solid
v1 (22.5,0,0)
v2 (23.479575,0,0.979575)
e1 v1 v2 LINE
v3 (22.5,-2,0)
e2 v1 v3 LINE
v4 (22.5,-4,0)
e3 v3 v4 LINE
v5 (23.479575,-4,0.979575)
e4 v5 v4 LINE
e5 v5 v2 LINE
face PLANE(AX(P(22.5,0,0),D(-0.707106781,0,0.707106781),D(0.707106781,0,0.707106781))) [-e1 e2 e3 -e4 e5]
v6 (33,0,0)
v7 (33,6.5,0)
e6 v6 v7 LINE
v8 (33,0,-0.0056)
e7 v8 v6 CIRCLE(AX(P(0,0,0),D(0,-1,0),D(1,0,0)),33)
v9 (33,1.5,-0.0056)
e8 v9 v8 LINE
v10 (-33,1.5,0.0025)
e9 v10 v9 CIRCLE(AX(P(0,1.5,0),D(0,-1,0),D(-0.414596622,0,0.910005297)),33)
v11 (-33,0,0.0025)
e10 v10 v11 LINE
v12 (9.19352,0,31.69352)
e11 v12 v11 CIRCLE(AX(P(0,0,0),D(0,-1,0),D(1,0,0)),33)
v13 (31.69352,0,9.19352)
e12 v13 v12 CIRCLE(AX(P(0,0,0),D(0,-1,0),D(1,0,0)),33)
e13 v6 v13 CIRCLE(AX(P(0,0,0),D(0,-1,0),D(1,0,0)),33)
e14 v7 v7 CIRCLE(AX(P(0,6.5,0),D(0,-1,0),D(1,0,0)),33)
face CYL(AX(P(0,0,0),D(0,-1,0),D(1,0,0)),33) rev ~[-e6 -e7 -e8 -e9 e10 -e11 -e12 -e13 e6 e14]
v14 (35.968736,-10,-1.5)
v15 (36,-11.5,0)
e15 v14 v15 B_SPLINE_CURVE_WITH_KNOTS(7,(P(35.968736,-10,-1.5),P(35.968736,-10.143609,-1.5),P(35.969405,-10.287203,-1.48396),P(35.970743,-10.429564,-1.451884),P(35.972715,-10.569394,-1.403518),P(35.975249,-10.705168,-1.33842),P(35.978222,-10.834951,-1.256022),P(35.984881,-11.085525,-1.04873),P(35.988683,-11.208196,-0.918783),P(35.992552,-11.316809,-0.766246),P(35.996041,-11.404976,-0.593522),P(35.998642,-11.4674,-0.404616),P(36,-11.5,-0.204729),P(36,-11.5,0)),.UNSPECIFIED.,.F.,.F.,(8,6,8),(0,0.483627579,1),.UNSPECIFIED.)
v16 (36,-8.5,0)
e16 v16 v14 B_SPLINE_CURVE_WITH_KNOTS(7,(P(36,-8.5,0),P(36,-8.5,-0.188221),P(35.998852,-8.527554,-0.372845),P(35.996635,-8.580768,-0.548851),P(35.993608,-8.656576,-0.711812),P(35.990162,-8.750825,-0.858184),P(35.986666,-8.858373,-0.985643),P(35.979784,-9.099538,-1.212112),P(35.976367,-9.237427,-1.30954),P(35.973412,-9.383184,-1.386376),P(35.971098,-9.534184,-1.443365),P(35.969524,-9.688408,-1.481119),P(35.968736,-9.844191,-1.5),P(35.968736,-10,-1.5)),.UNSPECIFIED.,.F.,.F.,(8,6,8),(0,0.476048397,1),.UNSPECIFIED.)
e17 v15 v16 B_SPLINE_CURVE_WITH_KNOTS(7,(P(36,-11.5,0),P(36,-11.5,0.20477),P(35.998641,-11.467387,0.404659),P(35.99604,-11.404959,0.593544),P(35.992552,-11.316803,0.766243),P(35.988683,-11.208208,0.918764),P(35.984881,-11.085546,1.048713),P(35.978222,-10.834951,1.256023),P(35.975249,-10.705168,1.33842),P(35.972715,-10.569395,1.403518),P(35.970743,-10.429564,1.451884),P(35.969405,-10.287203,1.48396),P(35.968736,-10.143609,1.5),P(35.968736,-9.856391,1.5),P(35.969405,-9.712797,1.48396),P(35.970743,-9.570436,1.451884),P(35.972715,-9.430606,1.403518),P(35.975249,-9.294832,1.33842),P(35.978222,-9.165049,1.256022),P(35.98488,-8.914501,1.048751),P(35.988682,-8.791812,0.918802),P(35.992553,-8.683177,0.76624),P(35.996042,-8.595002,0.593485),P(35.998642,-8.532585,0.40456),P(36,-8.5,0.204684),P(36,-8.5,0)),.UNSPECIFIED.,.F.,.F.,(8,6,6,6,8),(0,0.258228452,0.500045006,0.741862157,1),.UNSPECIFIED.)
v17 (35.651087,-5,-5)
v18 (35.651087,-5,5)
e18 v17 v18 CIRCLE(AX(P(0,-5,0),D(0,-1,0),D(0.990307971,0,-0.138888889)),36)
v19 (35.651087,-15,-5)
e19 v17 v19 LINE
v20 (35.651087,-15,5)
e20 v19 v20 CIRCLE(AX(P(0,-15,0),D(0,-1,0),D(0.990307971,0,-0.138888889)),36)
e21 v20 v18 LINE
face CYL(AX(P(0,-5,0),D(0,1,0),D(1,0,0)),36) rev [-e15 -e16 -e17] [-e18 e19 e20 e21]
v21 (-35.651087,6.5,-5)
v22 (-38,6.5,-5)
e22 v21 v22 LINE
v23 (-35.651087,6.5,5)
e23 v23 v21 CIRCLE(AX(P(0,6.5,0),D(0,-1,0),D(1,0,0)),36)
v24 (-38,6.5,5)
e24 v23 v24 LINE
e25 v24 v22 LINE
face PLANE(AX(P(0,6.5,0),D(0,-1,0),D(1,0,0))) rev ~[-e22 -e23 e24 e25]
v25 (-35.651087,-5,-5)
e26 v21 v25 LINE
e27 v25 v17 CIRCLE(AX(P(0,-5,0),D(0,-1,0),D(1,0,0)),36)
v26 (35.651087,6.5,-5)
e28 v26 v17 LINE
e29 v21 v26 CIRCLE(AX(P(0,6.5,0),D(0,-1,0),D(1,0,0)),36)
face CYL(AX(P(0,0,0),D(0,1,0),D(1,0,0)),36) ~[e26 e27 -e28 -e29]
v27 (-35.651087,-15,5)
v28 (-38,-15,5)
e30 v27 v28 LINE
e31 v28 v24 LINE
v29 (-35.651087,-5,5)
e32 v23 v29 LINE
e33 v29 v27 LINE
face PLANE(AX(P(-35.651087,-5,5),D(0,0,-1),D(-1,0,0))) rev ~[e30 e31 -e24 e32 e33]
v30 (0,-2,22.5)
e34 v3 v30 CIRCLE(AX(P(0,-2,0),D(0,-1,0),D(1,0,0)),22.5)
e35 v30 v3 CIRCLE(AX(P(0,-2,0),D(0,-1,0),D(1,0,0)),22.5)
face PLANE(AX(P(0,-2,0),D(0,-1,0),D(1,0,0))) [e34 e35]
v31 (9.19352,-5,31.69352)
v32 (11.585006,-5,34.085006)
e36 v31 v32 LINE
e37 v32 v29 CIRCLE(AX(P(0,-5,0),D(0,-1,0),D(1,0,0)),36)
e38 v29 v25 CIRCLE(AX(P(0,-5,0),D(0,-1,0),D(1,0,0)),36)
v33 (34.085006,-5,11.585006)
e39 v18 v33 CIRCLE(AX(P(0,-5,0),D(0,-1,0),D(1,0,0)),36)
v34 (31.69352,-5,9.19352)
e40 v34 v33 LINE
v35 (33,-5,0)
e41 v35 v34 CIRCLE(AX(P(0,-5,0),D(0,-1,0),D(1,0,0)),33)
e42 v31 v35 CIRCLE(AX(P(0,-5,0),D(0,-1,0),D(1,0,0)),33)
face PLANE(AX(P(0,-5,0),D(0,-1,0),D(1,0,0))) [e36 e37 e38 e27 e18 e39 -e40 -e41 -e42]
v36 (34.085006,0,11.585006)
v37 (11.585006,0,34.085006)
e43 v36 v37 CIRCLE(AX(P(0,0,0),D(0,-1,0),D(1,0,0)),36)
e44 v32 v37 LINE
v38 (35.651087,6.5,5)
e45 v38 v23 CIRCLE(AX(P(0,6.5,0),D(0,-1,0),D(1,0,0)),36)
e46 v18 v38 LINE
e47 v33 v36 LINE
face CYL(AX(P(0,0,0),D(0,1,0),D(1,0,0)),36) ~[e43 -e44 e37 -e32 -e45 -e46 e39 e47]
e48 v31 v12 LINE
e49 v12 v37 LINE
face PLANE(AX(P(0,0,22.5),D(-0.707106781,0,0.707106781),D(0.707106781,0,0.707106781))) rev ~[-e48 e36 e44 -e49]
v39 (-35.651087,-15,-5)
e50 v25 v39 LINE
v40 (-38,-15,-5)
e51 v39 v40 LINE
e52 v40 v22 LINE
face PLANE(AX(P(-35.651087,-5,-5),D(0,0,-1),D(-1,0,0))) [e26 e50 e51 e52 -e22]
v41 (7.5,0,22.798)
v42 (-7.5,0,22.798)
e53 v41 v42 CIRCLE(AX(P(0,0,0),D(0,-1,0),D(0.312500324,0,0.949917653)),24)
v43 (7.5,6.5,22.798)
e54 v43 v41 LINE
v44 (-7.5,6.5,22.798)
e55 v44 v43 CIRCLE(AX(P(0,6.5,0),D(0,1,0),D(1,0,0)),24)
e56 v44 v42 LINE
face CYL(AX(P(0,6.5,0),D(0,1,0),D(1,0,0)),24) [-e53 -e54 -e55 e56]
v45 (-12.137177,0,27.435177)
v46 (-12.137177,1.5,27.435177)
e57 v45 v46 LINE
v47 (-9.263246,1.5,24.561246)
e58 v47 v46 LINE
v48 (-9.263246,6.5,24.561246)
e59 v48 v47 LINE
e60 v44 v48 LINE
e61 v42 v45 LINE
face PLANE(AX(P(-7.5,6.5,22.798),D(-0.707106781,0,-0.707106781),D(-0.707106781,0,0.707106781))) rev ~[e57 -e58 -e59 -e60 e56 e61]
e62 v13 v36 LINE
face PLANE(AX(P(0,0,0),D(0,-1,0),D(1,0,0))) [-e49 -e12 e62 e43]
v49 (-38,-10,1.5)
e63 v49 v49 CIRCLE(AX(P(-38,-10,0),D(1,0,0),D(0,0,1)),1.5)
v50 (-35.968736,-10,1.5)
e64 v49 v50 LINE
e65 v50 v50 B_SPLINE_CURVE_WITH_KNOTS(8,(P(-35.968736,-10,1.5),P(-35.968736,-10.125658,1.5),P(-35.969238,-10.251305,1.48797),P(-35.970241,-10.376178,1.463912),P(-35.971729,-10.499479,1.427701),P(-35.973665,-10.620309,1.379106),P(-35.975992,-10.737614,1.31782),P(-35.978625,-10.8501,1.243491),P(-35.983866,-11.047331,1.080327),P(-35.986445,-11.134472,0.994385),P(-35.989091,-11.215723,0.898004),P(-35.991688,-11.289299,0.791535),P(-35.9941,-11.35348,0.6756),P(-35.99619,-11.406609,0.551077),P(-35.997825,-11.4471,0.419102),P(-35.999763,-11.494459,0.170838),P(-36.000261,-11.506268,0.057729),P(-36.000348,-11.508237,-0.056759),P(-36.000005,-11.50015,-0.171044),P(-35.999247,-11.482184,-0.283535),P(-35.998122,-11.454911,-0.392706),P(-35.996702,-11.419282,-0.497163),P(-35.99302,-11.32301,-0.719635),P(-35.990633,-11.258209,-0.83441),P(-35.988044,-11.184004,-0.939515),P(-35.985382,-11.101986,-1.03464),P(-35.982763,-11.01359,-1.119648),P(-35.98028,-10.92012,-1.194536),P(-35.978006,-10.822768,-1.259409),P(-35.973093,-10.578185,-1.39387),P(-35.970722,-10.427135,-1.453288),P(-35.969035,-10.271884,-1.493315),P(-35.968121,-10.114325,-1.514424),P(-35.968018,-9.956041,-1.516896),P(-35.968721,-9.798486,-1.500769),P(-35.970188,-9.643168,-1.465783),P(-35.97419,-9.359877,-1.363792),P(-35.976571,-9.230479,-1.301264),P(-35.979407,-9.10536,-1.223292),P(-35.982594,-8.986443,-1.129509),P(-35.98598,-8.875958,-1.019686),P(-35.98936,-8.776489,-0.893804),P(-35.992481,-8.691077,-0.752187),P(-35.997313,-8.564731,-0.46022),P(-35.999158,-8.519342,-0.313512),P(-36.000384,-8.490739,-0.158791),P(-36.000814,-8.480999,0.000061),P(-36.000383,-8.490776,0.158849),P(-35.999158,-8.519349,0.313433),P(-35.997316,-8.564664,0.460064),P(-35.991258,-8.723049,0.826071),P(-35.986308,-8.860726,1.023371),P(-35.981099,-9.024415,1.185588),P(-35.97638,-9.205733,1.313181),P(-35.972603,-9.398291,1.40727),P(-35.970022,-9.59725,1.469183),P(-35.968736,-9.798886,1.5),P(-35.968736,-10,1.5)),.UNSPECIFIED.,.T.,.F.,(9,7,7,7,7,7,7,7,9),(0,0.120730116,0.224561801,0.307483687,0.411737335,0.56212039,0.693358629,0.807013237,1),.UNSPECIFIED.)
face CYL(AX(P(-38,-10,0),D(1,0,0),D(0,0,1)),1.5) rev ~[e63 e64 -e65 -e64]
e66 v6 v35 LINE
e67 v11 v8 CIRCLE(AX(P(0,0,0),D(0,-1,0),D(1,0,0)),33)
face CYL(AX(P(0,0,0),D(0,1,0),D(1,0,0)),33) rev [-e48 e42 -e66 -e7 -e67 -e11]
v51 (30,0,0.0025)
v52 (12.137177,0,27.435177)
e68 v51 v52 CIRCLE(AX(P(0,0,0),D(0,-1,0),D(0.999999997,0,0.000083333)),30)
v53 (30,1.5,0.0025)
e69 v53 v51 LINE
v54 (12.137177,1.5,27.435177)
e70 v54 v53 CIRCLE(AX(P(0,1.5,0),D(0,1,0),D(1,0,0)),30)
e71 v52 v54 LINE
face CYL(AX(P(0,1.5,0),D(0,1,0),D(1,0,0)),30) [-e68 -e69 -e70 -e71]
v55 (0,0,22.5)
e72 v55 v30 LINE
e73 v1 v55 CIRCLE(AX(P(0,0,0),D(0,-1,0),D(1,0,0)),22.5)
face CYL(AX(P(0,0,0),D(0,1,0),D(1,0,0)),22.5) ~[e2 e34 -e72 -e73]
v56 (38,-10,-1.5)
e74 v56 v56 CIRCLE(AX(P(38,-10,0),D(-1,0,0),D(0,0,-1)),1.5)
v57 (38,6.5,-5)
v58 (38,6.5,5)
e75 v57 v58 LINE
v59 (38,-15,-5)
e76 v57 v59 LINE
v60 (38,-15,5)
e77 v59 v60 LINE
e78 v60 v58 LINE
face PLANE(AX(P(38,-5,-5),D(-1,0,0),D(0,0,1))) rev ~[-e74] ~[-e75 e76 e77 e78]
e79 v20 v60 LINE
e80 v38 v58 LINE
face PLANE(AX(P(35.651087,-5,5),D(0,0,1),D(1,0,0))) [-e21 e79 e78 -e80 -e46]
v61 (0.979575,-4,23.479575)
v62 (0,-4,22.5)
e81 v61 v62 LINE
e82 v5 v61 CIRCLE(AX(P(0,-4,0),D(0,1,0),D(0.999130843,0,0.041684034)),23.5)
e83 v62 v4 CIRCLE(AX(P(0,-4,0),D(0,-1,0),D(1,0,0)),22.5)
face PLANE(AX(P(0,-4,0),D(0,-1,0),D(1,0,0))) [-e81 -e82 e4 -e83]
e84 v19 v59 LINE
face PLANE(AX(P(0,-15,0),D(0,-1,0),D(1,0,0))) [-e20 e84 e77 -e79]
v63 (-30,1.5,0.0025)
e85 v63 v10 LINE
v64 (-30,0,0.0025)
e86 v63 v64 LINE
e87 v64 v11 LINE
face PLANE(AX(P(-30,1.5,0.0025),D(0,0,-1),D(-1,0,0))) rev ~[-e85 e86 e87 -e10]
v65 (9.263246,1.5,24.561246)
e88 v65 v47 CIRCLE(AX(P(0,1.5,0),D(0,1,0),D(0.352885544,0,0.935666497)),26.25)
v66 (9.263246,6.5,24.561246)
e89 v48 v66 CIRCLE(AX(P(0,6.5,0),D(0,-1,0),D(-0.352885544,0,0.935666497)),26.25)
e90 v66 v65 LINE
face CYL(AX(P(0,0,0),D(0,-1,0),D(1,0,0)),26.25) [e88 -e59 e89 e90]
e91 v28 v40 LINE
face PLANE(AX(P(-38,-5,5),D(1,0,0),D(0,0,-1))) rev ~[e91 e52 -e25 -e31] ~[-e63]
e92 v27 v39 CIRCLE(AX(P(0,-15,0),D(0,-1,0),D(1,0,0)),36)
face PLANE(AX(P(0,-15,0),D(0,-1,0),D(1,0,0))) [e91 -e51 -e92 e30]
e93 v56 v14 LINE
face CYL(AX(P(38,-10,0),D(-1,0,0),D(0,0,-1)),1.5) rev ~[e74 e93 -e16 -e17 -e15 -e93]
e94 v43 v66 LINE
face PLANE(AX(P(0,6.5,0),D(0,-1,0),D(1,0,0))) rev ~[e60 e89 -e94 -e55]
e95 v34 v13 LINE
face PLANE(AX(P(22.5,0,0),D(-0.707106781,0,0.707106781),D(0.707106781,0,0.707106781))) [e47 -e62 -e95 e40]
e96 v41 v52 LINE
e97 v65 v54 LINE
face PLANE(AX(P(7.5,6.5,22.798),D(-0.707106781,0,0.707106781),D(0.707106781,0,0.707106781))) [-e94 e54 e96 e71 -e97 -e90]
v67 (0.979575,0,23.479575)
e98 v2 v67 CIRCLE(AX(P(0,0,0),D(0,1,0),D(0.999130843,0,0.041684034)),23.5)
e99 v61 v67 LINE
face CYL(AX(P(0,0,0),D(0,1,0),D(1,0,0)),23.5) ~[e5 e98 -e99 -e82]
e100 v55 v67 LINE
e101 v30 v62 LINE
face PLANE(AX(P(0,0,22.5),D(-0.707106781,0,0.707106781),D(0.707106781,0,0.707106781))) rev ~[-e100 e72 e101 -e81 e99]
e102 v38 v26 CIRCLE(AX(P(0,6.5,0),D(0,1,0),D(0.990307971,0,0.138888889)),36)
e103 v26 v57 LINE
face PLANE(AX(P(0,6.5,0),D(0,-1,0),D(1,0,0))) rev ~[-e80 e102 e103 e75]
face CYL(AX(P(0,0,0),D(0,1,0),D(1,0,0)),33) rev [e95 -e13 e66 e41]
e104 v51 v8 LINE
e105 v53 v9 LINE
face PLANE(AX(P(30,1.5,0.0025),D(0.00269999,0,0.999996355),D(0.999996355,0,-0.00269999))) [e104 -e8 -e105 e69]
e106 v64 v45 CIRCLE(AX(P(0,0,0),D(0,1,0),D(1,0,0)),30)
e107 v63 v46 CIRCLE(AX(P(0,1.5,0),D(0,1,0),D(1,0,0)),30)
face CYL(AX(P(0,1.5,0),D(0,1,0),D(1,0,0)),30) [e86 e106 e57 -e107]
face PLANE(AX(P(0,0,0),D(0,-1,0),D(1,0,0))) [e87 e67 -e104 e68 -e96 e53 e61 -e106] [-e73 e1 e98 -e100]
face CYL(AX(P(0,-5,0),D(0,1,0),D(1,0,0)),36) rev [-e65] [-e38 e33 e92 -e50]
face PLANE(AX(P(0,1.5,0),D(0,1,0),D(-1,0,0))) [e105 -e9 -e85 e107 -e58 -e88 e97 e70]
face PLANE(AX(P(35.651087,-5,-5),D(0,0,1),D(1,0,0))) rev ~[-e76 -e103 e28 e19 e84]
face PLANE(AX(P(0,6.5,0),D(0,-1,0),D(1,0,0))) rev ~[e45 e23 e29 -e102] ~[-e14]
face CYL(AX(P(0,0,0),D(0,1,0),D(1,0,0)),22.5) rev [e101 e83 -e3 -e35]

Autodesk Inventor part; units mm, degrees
ref_plane "YZ Plane" through (0, 0, 0) normal (1, 0, 0) x (0, 1, 0)
ref_plane "XZ Plane" through (0, 0, 0) normal (0, 1, 0) x (-1, 0, 0)
ref_plane "XY Plane" through (0, 0, 0) normal (0, 0, 1) x (1, 0, 0)
sketch "Sketch1" plane through (0, 0, 0) normal (0, 1, 0) x (-1, 0, 0)
  circle A0 centre (0, 0) radius 26.25
  circle A1 centre (0, 0) radius 33
  dimension "d0" = 52.5
  dimension "d1" = 66
extrude "Extrusion1" add sketch "Sketch1" along normal blind 1.5
sketch "Sketch2" plane through (0, 1.5, 0) normal (0, 1, 0) x (1, 0, 0)
  circle A0 centre (0, 0) radius 25
  circle A1 centre (0, 0) radius 33 projected
  line L0 (-7.5, -23.8485) -> (-13.6817, -30.0302)
  circle A2 centre (0, 0) radius 33 projected
  line L1 (-7.5, -23.8485) -> (1.2422, -23.8485) construction
  line L2 (7.5, -23.8485) -> (13.6817, -30.0302)
  line L3 (7.5, -23.8485) -> (16.2422, -23.8485) construction
  point P0 (0, -25)
  dimension "d4" = 50
  dimension "d5" = 135
  dimension "d6" = 45
  dimension "d7" = 15
  dimension "d9" = 7.5
  dimension "d10" = 0
  dimension "d66" = 8
extrude "Extrusion2" cut sketch "Sketch2" against normal blind 1.5 contours A0 L2 A1 L0 picked at (9.3939, -28.7092)
sketch "Sketch3" plane through (0, 1.5, 0) normal (0, 1, 0) x (1, 0, 0)
  circle A0 centre (0, 0) radius 30
  arc A1 (13.6817, -30.0302) -> (-13.6817, -30.0302) centre (0, 0) ccw projected
  line L0 (8.4905, -24.839) -> (13.6817, -30.0302) projected
  line L1 (-30, -0.0025) -> (-33, -0.0025)
  arc A2 (13.6817, -30.0302) -> (-13.6817, -30.0302) centre (0, 0) ccw projected
  line L2 (-30, -0.0025) -> (-27, -0.0025) construction
  line L3 (-10.6624, -27.0109) -> (-13.6817, -30.0302)
  line L4 (13.6817, -30.0302) -> (8.4905, -24.839) projected
  line L5 (11.4008, -27.7493) -> (13.6817, -30.0302)
  line L6 (-8.4905, -24.839) -> (-13.6817, -30.0302) projected
  line L7 (-11.4008, -27.7493) -> (-13.6817, -30.0302)
  line L8 (30, -0.0025) -> (33, 0.0056)
  point P0 (7.5, -26.4575)
  point P1 (-7.5, -26.4575)
  dimension "d13" = 60
  dimension "d14" = 180
extrude "Extrusion3" cut sketch "Sketch3" against normal blind 10 contours A0 L3 A1 L1 | L8 A1 L0 A0
sketch "Sketch8" plane through (0, 0, 0) normal (0, -1, 0) x (1, 0, 0)
  circle A0 centre (0, 0) radius 33
  circle A1 centre (0, 0) radius 36
  dimension "d29" = 66
  dimension "d30" = 3
  dimension "d91" = 72
extrude "Extrusion8" add sketch "Sketch8" against normal blind 6.5
sketch "Sketch16" plane through (0, 0, 0) normal (0, -1, 0) x (1, 0, 0)
  circle A0 centre (0, 0) radius 26.25
  dimension "d67" = 52.5
extrude "Extrusion13" add sketch "Sketch16" against normal blind 6.5
sketch "Sketch19" plane through (0, 6.5, 0) normal (0, 1, 0) x (1, 0, 0)
  circle A0 centre (0, 0) radius 24
  circle A1 centre (0, 0) radius 33
  line L0 (-7.5, -22.798) -> (-14.3681, -29.6661)
  circle A2 centre (0, 0) radius 32.9624
  line L1 (-7.5, -22.798) -> (2.213, -22.798) construction
  line L2 (7.5, -22.798) -> (14.3681, -29.6661)
  line L3 (7.5, -22.798) -> (17.213, -22.798) construction
  point P0 (0, -24)
  dimension "d70" = 48
  dimension "d71" = 135
  dimension "d72" = 45
  dimension "d73" = 15
  dimension "d74" = 7.5
  dimension "d75" = 0
  dimension "d76" = 9
  dimension "d138" = 66
extrude "Extrusion14" cut sketch "Sketch19" against normal blind 6.5 contours A0 L2 A2 L0 picked at (9.7463, -28.1973)
sketch "Sketch20" plane through (0, 0, 0) normal (0, -1, 0) x (1, 0, 0)
  circle A0 centre (0, 0) radius 36 projected
  circle A1 centre (0, 0) radius 33
  dimension "d81" = 72
  dimension "d82" = 3
  dimension "d134" = 66
extrude "Extrusion15" add sketch "Sketch20" along normal blind 5
thread "Thread1" size "M68x6" class "6H" standard "ANSI Metric M Profile" length 5 offset 6.5
sketch "Sketch21" plane through (0, 0, 0) normal (0, -1, 0) x (1, 0, 0)
  circle A0 centre (0, 0) radius 22.5
  circle A1 centre (0, 0) radius 23.5
  dimension "d87" = 45
  dimension "d88" = 1
extrude "Extrusion16" add sketch "Sketch21" along normal blind 4
sketch "Sketch23" plane through (0, 0, 0) normal (0, -1, 0) x (1, 0, 0)
  circle A0 centre (0, 0) radius 22.5 projected
  line L0 (22.5, 0) -> (0, 22.5)
  line L1 (0, 22.5) -> (20.147, 42.647)
  line L2 (22.5, 0) -> (42.647, 20.147)
  line L3 (42.647, 20.147) -> (20.147, 42.647)
extrude "Extrusion17" cut sketch "Sketch23" along normal blind 5 contours A0 L1 L3 L2
sketch "Sketch24" plane through (0, 0, 0) normal (0, -1, 0) x (1, 0, 0)
  circle A0 centre (0, 0) radius 22.5
  dimension "d96" = 45
extrude "Extrusion18" add sketch "Sketch24" along normal blind 2
sketch "Sketch25" plane through (0, -5, 0) normal (0, -1, 0) x (1, 0, 0)
  line L0 (0, -5) -> (0, 5)
  line L1 (0, -5) -> (38, -5)
  line L2 (0, 5) -> (38, 5)
  line L3 (38, -5) -> (38, 5)
  circle A0 centre (0, 0) radius 36 projected
  line L4 (0, -5) -> (-38, -5)
  line L5 (0, 5) -> (-38, 5)
  line L6 (-38, 5) -> (-38, -5)
  point P0 (35.6511, -5)
  point P1 (35.6511, 5)
  point P2 (-35.6511, -5)
  point P3 (-35.6511, 5)
  dimension "d99" = 10
  dimension "d100" = 5
  dimension "d101" = 38
  dimension "d102" = 38
  dimension "d107" = 38
  dimension "d133" = 72
extrude "Extrusion19" add sketch "Sketch25" along normal blind 10 and the other way blind 11.5 contours A0 L2 L3 L1 | L4 L6 L5 A0
sketch "Sketch26" plane through (38, -15, 5) normal (1, 0, 0) x (0, 0, -1)
  circle A0 centre (5, 5) radius 1.5
  line L0 (10, 0) -> (0, 0) projected
  line L1 (0, 10) -> (10, 10) projected
  line L2 (0, 10) -> (0, 0) projected
  line L3 (0, 21.5) -> (10, 21.5) projected
  point P0 (5, 15)
  dimension "d108" = 3
  dimension "d110" = 10
  dimension "d112" = 5
  dimension "d132" = 5
  dimension "d135" = 16.5
  dimension "d136" = 21.5
  dimension "d137" = 5
hole "Hole3" at (38, -10, 0) direction (-1, 0, 0) diameter 3 depth 8 tip angle 118
sketch "Sketch27" plane through (-38, -15, -5) normal (-1, 0, 0) x (0, 0, 1)
  line L0 (10, 0) -> (0, 0) projected
  line L1 (0, 10) -> (10, 10) projected
  circle A0 centre (5, 5) radius 1.5
  line L2 (10, 21.5) -> (10, 0) projected
  line L3 (0, 0) -> (0, 21.5) projected
  point P0 (5, 15)
  dimension "d120" = 10
  dimension "d121" = 3
  dimension "d122" = 5
  dimension "d123" = 10
  dimension "d124" = 5
hole "Hole4" at (-38, -10, 0) direction (1, 0, 0) diameter 3 depth 8 tip angle 118
equation "\"d102\" = d101"
equation "\"d107\" = d101"
properties part number "clock_case2"
